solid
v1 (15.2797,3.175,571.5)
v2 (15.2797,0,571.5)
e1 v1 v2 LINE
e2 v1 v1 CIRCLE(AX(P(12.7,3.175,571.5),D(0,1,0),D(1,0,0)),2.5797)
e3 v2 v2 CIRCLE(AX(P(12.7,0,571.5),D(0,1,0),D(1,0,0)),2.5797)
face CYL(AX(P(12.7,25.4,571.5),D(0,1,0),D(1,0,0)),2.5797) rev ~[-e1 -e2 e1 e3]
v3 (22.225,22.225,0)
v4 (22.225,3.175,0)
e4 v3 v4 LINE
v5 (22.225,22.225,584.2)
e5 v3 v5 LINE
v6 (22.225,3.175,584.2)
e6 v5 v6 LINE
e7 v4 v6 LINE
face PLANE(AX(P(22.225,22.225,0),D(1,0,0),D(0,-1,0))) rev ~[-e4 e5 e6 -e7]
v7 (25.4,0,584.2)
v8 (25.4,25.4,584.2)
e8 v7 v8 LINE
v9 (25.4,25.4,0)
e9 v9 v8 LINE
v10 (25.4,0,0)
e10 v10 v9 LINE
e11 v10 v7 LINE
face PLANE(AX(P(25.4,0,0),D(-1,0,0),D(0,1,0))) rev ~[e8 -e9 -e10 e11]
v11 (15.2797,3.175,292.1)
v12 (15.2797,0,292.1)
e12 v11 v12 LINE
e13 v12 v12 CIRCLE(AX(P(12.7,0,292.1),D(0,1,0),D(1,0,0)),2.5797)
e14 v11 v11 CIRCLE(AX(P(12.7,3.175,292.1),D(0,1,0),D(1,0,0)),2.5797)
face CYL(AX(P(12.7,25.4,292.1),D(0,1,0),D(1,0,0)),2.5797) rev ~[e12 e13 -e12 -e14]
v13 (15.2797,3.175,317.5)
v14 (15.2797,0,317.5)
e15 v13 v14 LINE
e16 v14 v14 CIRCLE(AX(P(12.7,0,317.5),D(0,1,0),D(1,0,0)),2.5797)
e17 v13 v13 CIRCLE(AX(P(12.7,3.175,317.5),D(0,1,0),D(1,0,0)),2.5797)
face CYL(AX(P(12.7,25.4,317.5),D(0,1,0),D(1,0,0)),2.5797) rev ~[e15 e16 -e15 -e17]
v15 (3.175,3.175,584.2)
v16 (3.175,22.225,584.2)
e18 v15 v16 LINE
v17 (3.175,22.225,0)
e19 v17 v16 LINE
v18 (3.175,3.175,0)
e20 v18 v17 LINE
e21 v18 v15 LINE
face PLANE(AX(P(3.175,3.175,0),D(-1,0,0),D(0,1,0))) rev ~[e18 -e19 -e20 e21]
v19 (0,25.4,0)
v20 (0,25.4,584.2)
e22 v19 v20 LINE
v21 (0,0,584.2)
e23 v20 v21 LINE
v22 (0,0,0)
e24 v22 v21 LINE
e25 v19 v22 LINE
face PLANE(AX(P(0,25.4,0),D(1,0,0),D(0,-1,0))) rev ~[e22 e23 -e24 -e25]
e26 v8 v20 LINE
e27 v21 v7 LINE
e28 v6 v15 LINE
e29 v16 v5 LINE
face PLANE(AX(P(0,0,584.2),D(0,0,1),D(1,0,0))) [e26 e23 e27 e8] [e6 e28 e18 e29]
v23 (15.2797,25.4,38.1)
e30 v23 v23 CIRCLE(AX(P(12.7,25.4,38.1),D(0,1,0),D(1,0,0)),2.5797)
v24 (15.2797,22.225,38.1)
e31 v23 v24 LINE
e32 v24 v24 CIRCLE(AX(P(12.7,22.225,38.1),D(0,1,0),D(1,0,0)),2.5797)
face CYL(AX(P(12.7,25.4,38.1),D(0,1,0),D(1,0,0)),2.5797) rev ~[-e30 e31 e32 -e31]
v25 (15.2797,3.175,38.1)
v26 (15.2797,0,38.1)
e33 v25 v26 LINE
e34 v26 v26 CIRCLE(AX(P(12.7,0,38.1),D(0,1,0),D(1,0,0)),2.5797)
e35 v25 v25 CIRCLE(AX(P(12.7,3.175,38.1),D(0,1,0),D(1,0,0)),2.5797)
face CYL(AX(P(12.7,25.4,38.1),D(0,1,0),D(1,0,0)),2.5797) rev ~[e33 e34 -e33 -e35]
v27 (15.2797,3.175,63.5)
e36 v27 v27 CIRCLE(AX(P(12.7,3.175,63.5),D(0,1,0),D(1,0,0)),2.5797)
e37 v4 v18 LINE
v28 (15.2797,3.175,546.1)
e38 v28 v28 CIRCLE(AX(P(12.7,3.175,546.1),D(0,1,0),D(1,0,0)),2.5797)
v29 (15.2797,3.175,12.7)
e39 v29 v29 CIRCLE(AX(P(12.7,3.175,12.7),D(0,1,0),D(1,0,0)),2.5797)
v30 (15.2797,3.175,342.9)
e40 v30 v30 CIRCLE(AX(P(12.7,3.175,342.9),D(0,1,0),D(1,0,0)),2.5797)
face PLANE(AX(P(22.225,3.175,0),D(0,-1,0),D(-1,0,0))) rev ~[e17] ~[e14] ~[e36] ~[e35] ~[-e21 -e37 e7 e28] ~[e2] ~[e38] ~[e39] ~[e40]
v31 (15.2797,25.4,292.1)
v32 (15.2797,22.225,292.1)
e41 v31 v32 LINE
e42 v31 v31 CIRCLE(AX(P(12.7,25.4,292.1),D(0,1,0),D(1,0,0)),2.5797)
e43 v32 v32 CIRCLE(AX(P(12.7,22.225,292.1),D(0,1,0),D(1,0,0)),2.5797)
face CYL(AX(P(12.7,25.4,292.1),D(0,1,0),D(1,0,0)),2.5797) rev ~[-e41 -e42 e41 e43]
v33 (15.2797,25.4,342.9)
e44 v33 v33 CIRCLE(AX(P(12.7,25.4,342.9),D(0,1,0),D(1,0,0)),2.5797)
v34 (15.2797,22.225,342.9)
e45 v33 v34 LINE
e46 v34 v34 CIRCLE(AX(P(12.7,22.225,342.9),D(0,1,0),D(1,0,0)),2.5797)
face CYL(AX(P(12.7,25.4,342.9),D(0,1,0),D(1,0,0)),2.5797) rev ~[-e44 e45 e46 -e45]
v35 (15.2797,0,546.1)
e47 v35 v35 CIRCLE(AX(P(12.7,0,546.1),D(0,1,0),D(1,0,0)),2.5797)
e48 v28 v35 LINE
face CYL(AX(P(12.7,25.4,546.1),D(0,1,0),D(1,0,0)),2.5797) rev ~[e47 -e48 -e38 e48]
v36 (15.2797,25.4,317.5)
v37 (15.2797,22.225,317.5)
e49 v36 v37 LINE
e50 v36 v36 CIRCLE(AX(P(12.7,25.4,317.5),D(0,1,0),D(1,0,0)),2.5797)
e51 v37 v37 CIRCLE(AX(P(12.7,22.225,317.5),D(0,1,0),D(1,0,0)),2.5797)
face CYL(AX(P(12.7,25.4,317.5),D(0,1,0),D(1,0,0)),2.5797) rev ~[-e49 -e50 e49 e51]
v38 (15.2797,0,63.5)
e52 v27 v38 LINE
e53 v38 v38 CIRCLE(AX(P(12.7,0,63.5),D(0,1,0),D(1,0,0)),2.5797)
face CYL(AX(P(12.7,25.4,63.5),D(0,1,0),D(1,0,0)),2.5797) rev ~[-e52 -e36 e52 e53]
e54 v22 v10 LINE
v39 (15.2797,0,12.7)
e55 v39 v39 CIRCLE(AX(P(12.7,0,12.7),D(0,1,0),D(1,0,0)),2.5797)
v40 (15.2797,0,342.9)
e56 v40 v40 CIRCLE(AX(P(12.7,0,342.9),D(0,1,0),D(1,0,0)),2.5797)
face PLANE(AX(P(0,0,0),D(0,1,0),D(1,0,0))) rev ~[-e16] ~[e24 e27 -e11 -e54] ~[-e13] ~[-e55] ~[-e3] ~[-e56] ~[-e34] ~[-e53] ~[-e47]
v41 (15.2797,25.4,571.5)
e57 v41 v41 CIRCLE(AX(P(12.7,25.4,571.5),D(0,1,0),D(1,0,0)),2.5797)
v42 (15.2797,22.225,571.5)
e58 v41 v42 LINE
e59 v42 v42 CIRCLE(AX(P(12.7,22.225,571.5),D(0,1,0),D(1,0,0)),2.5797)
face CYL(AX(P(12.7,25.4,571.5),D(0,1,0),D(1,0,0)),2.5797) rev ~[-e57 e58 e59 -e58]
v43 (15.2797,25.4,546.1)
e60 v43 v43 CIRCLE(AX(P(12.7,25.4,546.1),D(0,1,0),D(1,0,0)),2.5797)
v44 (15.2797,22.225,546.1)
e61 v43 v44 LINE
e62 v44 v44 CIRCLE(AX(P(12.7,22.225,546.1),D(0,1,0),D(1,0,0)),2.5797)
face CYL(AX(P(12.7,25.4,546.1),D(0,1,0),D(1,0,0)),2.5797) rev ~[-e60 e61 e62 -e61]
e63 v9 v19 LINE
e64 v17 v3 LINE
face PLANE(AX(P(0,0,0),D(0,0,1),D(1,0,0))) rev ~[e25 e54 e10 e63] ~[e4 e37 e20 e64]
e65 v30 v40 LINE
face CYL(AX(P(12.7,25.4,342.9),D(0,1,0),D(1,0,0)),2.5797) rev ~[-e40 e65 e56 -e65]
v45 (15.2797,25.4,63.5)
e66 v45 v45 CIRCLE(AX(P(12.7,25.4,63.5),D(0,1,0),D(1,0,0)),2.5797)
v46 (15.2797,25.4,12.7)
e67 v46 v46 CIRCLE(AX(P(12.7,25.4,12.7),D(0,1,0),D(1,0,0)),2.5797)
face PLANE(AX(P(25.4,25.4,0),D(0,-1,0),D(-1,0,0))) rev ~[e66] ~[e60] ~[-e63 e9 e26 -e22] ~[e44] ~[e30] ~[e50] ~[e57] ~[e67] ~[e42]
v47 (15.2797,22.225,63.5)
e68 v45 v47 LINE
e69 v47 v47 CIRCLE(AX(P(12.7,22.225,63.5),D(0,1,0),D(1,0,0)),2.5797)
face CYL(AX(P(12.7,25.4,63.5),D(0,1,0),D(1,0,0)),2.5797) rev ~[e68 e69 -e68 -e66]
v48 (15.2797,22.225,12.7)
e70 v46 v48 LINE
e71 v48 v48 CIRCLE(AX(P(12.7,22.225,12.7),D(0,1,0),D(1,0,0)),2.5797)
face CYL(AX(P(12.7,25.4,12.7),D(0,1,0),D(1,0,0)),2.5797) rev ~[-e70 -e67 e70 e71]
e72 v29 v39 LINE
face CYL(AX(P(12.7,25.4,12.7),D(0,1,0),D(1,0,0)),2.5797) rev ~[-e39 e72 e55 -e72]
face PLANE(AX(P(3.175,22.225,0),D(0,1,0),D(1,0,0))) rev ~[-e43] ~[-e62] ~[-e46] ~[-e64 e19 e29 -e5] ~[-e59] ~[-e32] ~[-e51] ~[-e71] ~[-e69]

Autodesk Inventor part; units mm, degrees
ref_plane "YZ Plane" through (0, 0, 0) normal (1, 0, 0) x (0, 1, 0)
ref_plane "XZ Plane" through (0, 0, 0) normal (0, 1, 0) x (-1, 0, 0)
ref_plane "XY Plane" through (0, 0, 0) normal (0, 0, 1) x (1, 0, 0)
sketch "Sketch1" plane through (0, 0, 0) normal (0, 0, 1) x (1, 0, 0)
  line L0 (0, 0) -> (25.4, 0)
  line L1 (25.4, 0) -> (25.4, 25.4)
  line L2 (25.4, 25.4) -> (0, 25.4)
  line L3 (0, 25.4) -> (0, 0)
  line L4 (3.175, 22.225) -> (22.225, 22.225)
  line L5 (22.225, 22.225) -> (22.225, 3.175)
  line L6 (22.225, 3.175) -> (3.175, 3.175)
  line L7 (3.175, 3.175) -> (3.175, 22.225)
  dimension "d0" = 25.4
  dimension "d1" = 25.4
  dimension "d2" = 3.175
extrude "Extrusion1" add sketch "Sketch1" along normal blind 584.2
sketch "Sketch3" plane through (0, 25.4, 0) normal (0, 1, 0) x (1, 0, 0)
  line L0 (3.175, -584.2) -> (22.225, -584.2) construction
  line L1 (12.7, -584.2) -> (12.7, -304.8) construction
  line L2 (12.7, -304.8) -> (12.7, -317.5) construction
  line L3 (12.7, -317.5) -> (12.7, -342.9) construction
  line L4 (12.7, -342.9) -> (12.7, -292.1) construction
  line L5 (12.7, -584.2) -> (12.7, -571.5) construction
  line L6 (12.7, -571.5) -> (12.7, -546.1) construction
  line L7 (22.225, 0) -> (3.175, 0) construction
  line L8 (12.7, 0) -> (12.7, -12.7) construction
  line L9 (12.7, -12.7) -> (12.7, -38.1) construction
  line L10 (12.7, -38.1) -> (12.7, -63.5) construction
  circle A0 centre (12.7, -12.7) radius 2.5797
  circle A1 centre (12.7, -38.1) radius 2.5797
  circle A2 centre (12.7, -63.5) radius 2.5797
  circle A3 centre (12.7, -317.5) radius 2.5797
  circle A4 centre (12.7, -292.1) radius 2.5797
  circle A5 centre (12.7, -342.9) radius 2.5797
  circle A6 centre (12.7, -546.1) radius 2.5797
  circle A7 centre (12.7, -571.5) radius 2.5797
  point P0 (0, 0)
  dimension "d5" = 279.4
  dimension "d6" = 12.7
  dimension "d7" = 25.4
  dimension "d8" = 50.8
  dimension "d9" = 12.7
  dimension "d10" = 25.4
  dimension "d11" = 12.7
  dimension "d12" = 25.4
  dimension "d13" = 25.4
  dimension "d14" = 5.1594
extrude "Extrusion2" cut sketch "Sketch3" against normal blind 606.425
properties part number "23in 1x1"
